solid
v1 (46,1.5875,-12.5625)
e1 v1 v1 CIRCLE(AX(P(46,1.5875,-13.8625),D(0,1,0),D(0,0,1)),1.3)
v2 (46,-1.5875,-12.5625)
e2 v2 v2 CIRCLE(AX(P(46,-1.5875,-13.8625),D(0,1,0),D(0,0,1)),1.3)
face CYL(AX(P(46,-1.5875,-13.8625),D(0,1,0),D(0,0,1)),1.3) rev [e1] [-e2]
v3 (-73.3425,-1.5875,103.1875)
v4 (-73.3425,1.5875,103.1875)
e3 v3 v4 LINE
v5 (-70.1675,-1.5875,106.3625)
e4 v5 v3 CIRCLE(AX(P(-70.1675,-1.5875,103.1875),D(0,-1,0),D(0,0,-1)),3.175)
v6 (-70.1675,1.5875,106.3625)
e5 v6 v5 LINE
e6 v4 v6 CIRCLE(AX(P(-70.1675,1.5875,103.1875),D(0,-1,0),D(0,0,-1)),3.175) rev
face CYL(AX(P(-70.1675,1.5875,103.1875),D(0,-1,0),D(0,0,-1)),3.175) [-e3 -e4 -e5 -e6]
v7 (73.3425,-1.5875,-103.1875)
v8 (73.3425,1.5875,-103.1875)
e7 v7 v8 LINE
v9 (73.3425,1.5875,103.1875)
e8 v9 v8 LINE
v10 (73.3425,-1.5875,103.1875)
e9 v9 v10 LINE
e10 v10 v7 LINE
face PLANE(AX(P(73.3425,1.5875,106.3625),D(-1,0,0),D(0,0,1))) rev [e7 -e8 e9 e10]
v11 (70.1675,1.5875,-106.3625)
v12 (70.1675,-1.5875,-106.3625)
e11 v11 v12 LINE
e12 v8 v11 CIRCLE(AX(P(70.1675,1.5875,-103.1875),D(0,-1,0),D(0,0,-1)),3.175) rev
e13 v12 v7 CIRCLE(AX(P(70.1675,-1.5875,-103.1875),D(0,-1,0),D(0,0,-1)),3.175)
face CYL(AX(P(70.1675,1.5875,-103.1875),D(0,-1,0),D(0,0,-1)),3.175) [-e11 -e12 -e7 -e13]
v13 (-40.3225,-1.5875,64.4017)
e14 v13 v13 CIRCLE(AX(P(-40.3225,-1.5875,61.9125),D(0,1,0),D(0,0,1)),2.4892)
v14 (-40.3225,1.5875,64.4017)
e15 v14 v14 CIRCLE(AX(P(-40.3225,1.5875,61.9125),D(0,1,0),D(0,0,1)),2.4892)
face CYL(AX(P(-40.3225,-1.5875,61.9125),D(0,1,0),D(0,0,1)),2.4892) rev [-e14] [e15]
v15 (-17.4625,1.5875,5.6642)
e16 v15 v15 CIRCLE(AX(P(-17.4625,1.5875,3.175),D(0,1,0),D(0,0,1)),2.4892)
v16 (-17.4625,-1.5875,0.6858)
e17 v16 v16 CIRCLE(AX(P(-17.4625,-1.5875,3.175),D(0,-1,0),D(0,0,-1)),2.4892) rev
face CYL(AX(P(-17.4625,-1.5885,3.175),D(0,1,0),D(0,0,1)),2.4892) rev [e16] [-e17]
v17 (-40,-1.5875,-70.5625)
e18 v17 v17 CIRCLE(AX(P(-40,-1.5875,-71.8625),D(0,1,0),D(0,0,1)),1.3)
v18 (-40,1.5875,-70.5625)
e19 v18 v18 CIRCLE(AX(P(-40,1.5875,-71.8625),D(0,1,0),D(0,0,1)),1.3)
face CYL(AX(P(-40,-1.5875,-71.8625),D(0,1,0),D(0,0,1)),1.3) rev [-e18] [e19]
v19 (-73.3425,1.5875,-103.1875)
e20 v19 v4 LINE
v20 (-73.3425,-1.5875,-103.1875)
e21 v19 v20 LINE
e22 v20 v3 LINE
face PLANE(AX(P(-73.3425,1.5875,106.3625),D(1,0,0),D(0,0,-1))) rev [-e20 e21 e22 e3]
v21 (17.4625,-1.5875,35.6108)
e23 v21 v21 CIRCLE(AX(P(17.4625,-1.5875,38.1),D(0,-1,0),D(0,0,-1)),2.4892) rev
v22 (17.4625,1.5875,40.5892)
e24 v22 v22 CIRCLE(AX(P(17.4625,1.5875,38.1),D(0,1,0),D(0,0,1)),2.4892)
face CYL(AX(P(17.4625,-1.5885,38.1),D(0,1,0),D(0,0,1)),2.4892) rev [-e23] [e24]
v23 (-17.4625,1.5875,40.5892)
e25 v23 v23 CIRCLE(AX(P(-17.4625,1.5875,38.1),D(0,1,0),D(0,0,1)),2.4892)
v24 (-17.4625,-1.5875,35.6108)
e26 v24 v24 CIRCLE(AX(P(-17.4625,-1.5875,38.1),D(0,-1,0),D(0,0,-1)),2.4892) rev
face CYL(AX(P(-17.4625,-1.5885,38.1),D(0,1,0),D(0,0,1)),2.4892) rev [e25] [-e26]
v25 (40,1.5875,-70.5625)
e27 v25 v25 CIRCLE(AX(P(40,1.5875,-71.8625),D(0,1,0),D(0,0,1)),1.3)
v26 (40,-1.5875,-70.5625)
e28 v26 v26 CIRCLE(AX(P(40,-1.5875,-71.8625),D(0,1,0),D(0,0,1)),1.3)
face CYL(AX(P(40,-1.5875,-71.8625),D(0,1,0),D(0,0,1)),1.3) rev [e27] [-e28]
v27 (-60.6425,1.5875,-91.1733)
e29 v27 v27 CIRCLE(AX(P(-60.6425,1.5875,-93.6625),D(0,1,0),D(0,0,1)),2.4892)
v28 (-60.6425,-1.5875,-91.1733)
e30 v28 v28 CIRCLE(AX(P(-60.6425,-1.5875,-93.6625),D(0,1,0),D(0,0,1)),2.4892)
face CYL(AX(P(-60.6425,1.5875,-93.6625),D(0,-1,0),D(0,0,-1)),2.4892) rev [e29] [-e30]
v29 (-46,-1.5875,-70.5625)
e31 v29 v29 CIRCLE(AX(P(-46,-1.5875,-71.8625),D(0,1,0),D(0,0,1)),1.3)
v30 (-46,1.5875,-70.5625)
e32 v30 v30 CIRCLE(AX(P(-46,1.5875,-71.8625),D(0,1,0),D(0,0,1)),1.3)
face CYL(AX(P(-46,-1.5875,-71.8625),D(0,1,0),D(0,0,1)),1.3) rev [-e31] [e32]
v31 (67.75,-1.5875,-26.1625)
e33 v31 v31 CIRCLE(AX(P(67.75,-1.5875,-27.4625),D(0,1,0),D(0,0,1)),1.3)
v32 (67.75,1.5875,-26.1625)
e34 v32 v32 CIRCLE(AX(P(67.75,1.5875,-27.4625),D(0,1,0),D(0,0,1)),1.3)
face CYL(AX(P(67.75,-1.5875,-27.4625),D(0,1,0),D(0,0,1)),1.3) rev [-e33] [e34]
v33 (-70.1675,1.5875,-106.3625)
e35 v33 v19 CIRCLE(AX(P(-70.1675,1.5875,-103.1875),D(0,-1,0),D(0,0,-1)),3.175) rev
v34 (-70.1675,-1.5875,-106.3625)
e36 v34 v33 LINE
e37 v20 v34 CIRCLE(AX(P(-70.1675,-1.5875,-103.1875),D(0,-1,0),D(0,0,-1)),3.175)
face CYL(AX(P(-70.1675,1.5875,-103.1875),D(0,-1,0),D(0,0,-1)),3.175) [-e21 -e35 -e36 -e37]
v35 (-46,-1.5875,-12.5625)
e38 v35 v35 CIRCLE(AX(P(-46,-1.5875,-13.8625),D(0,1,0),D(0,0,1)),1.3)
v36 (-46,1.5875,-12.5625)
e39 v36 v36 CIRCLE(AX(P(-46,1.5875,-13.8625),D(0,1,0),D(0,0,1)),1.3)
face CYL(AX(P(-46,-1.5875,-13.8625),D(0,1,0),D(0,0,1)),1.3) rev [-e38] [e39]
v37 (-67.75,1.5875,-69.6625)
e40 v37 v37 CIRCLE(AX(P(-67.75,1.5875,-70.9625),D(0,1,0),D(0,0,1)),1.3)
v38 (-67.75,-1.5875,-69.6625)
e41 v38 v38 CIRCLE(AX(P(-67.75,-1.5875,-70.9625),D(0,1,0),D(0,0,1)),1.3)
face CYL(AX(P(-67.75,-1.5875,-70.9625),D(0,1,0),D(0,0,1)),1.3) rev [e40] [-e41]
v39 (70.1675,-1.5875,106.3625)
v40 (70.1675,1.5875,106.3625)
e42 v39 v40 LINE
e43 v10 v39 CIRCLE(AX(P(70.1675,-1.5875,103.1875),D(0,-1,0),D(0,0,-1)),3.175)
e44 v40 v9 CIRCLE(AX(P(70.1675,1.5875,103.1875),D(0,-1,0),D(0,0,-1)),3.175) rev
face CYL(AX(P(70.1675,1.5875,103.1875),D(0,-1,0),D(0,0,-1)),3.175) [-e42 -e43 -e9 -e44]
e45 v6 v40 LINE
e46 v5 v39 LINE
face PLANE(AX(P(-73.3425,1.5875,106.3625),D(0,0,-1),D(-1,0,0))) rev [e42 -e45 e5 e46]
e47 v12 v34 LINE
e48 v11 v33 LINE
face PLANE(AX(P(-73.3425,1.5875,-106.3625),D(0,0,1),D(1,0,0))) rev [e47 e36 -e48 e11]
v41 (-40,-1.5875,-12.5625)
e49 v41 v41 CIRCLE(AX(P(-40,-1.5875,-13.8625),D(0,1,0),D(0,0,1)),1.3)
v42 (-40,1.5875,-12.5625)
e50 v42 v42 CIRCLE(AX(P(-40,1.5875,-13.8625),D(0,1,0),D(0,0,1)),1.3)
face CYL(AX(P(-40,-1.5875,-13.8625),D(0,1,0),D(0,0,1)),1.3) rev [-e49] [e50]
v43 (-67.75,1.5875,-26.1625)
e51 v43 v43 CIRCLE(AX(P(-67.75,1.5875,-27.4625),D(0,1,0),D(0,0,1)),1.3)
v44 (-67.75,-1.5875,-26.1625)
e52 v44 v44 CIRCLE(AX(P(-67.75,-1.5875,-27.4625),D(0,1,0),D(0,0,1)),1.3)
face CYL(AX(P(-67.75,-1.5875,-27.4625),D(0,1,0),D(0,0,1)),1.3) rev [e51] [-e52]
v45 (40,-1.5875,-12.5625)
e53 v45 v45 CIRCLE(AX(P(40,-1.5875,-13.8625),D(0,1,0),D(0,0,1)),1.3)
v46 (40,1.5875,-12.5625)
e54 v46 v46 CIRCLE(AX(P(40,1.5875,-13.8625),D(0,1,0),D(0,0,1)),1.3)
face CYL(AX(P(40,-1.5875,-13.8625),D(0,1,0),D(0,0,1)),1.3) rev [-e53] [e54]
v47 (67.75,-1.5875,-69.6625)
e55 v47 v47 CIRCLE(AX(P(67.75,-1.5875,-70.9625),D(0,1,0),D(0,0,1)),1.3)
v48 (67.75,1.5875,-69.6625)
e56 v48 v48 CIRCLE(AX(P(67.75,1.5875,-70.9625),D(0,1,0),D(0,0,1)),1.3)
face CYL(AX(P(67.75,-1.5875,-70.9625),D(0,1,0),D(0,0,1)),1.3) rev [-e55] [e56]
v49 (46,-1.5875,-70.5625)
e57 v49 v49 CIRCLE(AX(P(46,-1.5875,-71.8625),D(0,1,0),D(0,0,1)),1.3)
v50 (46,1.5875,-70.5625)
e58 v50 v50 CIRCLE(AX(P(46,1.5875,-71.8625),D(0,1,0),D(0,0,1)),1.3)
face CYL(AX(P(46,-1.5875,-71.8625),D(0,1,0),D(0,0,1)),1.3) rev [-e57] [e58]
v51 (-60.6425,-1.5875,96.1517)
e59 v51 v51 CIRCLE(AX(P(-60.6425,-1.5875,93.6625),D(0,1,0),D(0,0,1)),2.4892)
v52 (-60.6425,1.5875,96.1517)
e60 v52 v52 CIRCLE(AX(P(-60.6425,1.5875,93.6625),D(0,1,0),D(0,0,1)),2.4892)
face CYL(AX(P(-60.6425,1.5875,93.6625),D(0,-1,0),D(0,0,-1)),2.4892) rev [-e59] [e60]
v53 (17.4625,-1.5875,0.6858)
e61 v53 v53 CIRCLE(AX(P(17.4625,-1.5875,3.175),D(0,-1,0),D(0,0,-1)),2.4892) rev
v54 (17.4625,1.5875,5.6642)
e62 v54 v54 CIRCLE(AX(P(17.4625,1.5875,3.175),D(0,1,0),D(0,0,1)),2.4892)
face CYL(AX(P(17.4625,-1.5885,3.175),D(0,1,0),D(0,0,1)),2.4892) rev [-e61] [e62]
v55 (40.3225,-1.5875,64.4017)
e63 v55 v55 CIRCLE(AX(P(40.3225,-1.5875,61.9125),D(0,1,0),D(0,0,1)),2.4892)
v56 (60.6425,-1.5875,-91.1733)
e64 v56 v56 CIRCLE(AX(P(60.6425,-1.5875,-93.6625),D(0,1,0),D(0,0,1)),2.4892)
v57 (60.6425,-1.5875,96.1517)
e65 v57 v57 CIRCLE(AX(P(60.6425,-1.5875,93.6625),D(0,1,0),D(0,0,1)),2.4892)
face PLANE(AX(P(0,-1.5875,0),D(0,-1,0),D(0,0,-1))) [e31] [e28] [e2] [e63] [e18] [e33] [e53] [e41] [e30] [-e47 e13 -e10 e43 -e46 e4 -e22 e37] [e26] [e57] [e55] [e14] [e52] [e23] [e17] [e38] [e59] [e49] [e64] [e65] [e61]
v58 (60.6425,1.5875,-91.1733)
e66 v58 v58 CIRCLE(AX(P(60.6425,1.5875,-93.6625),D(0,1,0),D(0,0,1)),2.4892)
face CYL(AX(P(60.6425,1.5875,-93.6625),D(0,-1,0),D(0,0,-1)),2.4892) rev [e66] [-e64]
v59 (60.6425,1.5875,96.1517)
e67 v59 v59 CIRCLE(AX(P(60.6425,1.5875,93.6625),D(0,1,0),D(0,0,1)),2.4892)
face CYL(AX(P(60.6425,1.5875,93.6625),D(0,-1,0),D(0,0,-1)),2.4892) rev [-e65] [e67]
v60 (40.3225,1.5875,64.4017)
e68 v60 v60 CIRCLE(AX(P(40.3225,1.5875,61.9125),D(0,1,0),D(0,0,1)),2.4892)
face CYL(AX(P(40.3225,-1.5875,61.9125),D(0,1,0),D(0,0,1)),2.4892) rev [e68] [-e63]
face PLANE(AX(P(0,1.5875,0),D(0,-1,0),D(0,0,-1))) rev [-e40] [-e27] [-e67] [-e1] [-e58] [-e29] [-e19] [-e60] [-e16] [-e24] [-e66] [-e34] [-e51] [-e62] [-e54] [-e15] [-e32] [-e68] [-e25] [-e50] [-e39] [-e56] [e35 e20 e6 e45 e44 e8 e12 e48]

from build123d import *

# Parameters (mm, degrees)
SKETCH1_W           = 146.685
SKETCH1_H           = 212.725
SKETCH1_R           = 2.4892
BOSS_EXTRUDE1_DEPTH = 1.5875
FILLET1_R           = 3.175
SKETCH2_R           = 1.3
CUT_EXTRUDE1_DEPTH  = 130.236931012
SKETCH3_R           = 1.3
CUT_EXTRUDE2_DEPTH  = 130.236931012
SKETCH4_R           = 2.4892
CUT_EXTRUDE3_DEPTH  = 130.236931012
CUT_EXTRUDE4_REACH  = 131.237
SKETCH5_R           = 2.4892


with BuildPart() as part:
    # Sketch1 → Boss-Extrude1 (new, symmetric)
    with BuildSketch(Plane(origin=(0, 0, 0), x_dir=(1, 0, 0), z_dir=(0, 1, 0))):
        Rectangle(SKETCH1_W, SKETCH1_H)
        with Locations(Location((-60.6425, 93.6625, 0), (0, 0, 270))):
            Circle(SKETCH1_R, mode=Mode.SUBTRACT)
        with Locations(Location((60.6425, 93.6625, 0), (0, 0, 270))):
            Circle(SKETCH1_R, mode=Mode.SUBTRACT)
        with Locations(Location((60.6425, -93.6625, 0), (0, 0, 270))):
            Circle(SKETCH1_R, mode=Mode.SUBTRACT)
        with Locations(Location((-60.6425, -93.6625, 0), (0, 0, 270))):
            Circle(SKETCH1_R, mode=Mode.SUBTRACT)
    extrude(amount=BOSS_EXTRUDE1_DEPTH, both=True)

    # Fillet1
    fillet1_edges = [part.edges().sort_by_distance(p)[0] for p in [
        (73.3425, 0, 106.3625),
        (-73.3425, 0, 106.3625),
        (-73.3425, 0, -106.3625),
        (73.3425, 0, -106.3625),
    ]]
    fillet(fillet1_edges, radius=FILLET1_R)

    # Sketch2 → Cut-Extrude1 (cut, through all)
    with BuildSketch(Plane(origin=(0, 1.5875, 0), x_dir=(1, 0, 0), z_dir=(0, 1, 0))):
        with Locations(Location((40, 13.8625, 0), (0, 0, 270))):
            Circle(SKETCH2_R)
        with Locations(Location((40, 71.8625, 0), (0, 0, 270))):
            Circle(SKETCH2_R)
        with Locations(Location((-46, 71.8625, 0), (0, 0, 270))):
            Circle(SKETCH2_R)
        with Locations(Location((-46, 13.8625, 0), (0, 0, 270))):
            Circle(SKETCH2_R)
        with Locations(Location((46, 13.8625, 0), (0, 0, 270))):
            Circle(SKETCH2_R)
        with Locations(Location((46, 71.8625, 0), (0, 0, 270))):
            Circle(SKETCH2_R)
        with Locations(Location((-40, 71.8625, 0), (0, 0, 270))):
            Circle(SKETCH2_R)
        with Locations(Location((-40, 13.8625, 0), (0, 0, 270))):
            Circle(SKETCH2_R)
    extrude(amount=-CUT_EXTRUDE1_DEPTH, mode=Mode.SUBTRACT)

    # Sketch3 → Cut-Extrude2 (cut, through all)
    with BuildSketch(Plane(origin=(0, 1.5875, 0), x_dir=(1, 0, 0), z_dir=(0, 1, 0))):
        with Locations(Location((67.75, 70.962500061, 0), (0, 0, 270))):
            Circle(SKETCH3_R)
        with Locations(Location((-67.75, 70.962500061, 0), (0, 0, 270))):
            Circle(SKETCH3_R)
        with Locations(Location((-67.75, 27.462499939, 0), (0, 0, 270))):
            Circle(SKETCH3_R)
        with Locations(Location((67.75, 27.462499939, 0), (0, 0, 270))):
            Circle(SKETCH3_R)
    extrude(amount=-CUT_EXTRUDE2_DEPTH, mode=Mode.SUBTRACT)

    # Sketch4 → Cut-Extrude3 (cut, through all)
    with BuildSketch(Plane(origin=(0, 1.5875, 0), x_dir=(1, 0, 0), z_dir=(0, 1, 0))):
        with Locations(Location((-40.3225, -61.9125, 0), (0, 0, 270))):
            Circle(SKETCH4_R)
        with Locations(Location((40.3225, -61.9125, 0), (0, 0, 270))):
            Circle(SKETCH4_R)
    extrude(amount=-CUT_EXTRUDE3_DEPTH, mode=Mode.SUBTRACT)

    # Sketch5 → Cut-Extrude4 (cut, up to next)
    with BuildSketch(Plane(origin=(0, 1.5875, 0), x_dir=(1, 0, 0), z_dir=(0, 1, 0)), mode=Mode.PRIVATE) as cut_extrude4_sk1:
        with Locations(Location((17.4625, -38.1, 0), (0, 0, 270))):
            Circle(SKETCH5_R)
    cut_extrude4_tool1 = extrude(cut_extrude4_sk1.sketch, amount=-CUT_EXTRUDE4_REACH, mode=Mode.PRIVATE) & part.part
    # Sketch5 → Cut-Extrude4 (cut, up to next)
    with BuildSketch(Plane(origin=(0, 1.5875, 0), x_dir=(1, 0, 0), z_dir=(0, 1, 0)), mode=Mode.PRIVATE) as cut_extrude4_sk2:
        with Locations(Location((17.4625, -3.175, 0), (0, 0, 270))):
            Circle(SKETCH5_R)
    cut_extrude4_tool2 = extrude(cut_extrude4_sk2.sketch, amount=-CUT_EXTRUDE4_REACH, mode=Mode.PRIVATE) & part.part
    # Sketch5 → Cut-Extrude4 (cut, up to next)
    with BuildSketch(Plane(origin=(0, 1.5875, 0), x_dir=(1, 0, 0), z_dir=(0, 1, 0)), mode=Mode.PRIVATE) as cut_extrude4_sk3:
        with Locations(Location((-17.4625, -3.175, 0), (0, 0, 270))):
            Circle(SKETCH5_R)
    cut_extrude4_tool3 = extrude(cut_extrude4_sk3.sketch, amount=-CUT_EXTRUDE4_REACH, mode=Mode.PRIVATE) & part.part
    # Sketch5 → Cut-Extrude4 (cut, up to next)
    with BuildSketch(Plane(origin=(0, 1.5875, 0), x_dir=(1, 0, 0), z_dir=(0, 1, 0)), mode=Mode.PRIVATE) as cut_extrude4_sk4:
        with Locations(Location((-17.4625, -38.1, 0), (0, 0, 270))):
            Circle(SKETCH5_R)
    cut_extrude4_tool4 = extrude(cut_extrude4_sk4.sketch, amount=-CUT_EXTRUDE4_REACH, mode=Mode.PRIVATE) & part.part
    add(cut_extrude4_tool1.solids().sort_by_distance((17.4625, 1.5875, 38.1))[0], mode=Mode.SUBTRACT)
    add(cut_extrude4_tool2.solids().sort_by_distance((17.4625, 1.5875, 3.175))[0], mode=Mode.SUBTRACT)
    add(cut_extrude4_tool3.solids().sort_by_distance((-17.4625, 1.5875, 3.175))[0], mode=Mode.SUBTRACT)
    add(cut_extrude4_tool4.solids().sort_by_distance((-17.4625, 1.5875, 38.1))[0], mode=Mode.SUBTRACT)


solid = part.part
